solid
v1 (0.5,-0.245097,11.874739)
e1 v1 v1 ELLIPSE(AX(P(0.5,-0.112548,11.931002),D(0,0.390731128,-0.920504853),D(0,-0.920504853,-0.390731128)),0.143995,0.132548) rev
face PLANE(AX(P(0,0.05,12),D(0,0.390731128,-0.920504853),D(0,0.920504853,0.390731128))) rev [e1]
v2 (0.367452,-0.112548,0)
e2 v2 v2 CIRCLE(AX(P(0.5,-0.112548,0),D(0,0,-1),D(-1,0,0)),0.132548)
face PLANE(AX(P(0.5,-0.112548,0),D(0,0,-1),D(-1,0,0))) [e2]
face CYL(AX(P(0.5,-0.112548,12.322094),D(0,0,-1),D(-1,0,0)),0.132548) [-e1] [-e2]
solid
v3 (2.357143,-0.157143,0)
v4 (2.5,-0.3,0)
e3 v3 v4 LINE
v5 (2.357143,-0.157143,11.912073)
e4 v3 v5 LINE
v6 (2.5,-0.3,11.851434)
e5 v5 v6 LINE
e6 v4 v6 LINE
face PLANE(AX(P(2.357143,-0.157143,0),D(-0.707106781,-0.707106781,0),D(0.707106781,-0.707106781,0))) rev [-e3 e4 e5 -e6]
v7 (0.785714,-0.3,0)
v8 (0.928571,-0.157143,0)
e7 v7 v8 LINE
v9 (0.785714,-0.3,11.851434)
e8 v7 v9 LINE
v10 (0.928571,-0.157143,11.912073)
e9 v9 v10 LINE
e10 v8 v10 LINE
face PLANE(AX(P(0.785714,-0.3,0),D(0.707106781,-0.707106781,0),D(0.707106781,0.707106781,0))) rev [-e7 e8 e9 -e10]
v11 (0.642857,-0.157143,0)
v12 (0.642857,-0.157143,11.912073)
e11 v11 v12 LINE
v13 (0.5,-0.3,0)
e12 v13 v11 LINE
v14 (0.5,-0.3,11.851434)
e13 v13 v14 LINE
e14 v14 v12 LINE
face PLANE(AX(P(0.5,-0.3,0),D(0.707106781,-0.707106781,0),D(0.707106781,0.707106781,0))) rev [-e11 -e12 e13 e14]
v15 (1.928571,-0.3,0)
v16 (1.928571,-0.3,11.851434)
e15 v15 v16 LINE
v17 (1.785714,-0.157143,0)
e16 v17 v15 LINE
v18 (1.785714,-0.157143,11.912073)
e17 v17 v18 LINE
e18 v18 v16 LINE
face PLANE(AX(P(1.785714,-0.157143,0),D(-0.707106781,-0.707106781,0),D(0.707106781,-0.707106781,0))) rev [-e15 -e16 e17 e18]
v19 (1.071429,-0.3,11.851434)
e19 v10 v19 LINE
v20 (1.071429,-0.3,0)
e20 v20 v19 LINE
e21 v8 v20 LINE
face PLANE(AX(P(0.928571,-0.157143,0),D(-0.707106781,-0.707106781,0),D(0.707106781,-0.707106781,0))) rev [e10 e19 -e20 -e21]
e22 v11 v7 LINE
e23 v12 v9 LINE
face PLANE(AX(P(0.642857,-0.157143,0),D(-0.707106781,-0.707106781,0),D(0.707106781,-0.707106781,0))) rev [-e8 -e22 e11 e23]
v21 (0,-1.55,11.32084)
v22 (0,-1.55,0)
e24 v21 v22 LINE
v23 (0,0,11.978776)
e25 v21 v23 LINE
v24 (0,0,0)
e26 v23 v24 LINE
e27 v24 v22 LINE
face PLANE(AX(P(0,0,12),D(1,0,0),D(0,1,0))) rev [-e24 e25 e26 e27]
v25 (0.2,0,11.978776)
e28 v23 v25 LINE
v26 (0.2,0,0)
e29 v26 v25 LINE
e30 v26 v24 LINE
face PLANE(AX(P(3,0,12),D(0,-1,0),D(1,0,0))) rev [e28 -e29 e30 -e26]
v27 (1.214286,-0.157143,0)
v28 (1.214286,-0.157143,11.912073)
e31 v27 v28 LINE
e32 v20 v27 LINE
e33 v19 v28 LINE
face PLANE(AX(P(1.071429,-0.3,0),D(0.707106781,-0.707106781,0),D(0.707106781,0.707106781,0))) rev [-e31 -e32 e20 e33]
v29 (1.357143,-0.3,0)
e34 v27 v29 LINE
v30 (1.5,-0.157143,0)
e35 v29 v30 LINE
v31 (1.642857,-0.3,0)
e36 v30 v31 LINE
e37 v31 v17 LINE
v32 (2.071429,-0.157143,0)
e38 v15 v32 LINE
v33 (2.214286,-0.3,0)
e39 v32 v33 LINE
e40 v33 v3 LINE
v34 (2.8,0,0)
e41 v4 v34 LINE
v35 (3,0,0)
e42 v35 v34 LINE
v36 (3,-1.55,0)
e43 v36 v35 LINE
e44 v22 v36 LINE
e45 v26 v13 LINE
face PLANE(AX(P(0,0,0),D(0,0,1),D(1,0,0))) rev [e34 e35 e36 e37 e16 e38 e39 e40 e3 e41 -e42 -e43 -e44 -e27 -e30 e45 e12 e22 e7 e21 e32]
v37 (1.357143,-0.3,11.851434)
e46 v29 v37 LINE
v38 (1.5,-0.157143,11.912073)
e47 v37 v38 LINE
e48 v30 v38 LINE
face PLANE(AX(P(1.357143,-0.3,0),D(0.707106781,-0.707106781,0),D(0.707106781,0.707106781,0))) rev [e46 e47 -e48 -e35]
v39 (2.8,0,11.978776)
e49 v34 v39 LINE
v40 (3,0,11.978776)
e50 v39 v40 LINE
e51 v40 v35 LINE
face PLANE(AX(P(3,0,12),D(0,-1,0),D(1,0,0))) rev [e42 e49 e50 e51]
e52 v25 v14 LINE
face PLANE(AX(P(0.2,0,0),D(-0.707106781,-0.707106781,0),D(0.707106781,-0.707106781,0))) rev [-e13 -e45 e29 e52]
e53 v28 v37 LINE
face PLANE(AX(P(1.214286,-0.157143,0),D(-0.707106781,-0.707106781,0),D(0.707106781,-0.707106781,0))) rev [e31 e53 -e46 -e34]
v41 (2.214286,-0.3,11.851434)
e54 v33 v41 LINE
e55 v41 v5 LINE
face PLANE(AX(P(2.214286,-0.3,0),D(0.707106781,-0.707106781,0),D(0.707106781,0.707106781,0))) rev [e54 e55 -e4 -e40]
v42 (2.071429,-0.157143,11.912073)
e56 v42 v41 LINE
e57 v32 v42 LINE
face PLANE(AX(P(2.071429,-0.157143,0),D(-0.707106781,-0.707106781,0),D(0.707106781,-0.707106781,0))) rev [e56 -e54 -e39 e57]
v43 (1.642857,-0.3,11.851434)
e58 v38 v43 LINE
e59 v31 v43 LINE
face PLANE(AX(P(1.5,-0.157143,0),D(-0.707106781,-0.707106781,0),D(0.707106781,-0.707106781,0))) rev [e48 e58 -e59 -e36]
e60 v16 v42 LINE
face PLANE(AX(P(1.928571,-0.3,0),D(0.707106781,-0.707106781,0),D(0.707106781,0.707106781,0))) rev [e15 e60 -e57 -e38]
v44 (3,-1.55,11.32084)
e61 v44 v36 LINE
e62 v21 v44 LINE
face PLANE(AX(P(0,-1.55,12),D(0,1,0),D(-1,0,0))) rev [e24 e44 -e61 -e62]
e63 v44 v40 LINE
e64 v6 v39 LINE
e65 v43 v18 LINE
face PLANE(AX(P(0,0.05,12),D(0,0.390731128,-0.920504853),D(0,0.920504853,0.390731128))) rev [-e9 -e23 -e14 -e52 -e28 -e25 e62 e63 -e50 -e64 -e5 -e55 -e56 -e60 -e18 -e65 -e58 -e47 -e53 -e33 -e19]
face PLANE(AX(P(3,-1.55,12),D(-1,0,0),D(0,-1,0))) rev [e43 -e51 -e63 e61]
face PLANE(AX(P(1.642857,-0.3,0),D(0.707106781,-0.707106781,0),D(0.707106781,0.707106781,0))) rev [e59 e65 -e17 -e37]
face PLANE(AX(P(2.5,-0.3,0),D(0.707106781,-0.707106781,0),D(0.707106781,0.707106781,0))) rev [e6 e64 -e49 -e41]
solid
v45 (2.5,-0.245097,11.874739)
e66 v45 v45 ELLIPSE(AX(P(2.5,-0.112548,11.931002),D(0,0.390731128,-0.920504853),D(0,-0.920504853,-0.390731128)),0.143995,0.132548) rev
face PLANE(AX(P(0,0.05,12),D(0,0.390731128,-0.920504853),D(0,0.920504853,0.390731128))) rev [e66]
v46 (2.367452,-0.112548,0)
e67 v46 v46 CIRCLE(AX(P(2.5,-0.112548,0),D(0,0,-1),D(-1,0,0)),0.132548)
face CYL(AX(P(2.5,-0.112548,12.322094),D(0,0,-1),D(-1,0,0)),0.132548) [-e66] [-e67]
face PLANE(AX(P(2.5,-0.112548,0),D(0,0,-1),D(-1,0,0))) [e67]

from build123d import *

# Parameters (mm, degrees)
SKETCH1_W           = 3
SKETCH1_H           = 1.55
BOSS_EXTRUDE1_DEPTH = 12
CUT_EXTRUDE1_DEPTH  = 13.466053907
SKETCH4_W           = 3
SKETCH4_H           = 0.03
BOSS_EXTRUDE2_DEPTH = 12
CUT_EXTRUDE2_DEPTH  = 13.466053907
BOSS_EXTRUDE3_REACH = 14.466
SKETCH6_R           = 0.13254834
SKETCH7_W           = 3
SKETCH7_H           = 0.03
CUT_EXTRUDE3_DEPTH  = 13.466053907


with BuildPart() as part:
    # Sketch1 → Boss-Extrude1 (new body)
    with BuildSketch(Plane.XY):
        with Locations((1.5, -0.775)):
            Rectangle(SKETCH1_W, SKETCH1_H)
    extrude(amount=BOSS_EXTRUDE1_DEPTH)

    # Sketch2 → Cut-Extrude1 (cut, through all)
    with BuildSketch(Plane.XY.offset(12)):
        Polygon((0.2, 0), (0.5, -0.3), (0.642857143, -0.157142857), (0.785714286, -0.3), (0.928571429, -0.157142857), (1.071428571, -0.3), (1.214285714, -0.157142857), (1.357142857, -0.3), (1.5, -0.157142857), (1.642857143, -0.3), (1.785714286, -0.157142857), (1.928571429, -0.3), (2.071428571, -0.157142857), (2.214285714, -0.3), (2.357142857, -0.157142857), (2.5, -0.3), (2.8, 0), align=None)
    extrude(amount=-CUT_EXTRUDE1_DEPTH, mode=Mode.SUBTRACT)


with BuildPart() as body_2:
    # Sketch4 → Boss-Extrude2 (new body)
    with BuildSketch(Plane.XY.offset(12)):
        with Locations((1.5, 0.035)):
            Rectangle(SKETCH4_W, SKETCH4_H)
    extrude(amount=-BOSS_EXTRUDE2_DEPTH)


with BuildPart() as cut_extrude2_tool:
    # Sketch5 → Cut-Extrude2 (new, through all)
    with BuildSketch(Plane(origin=(3, 0, 0), x_dir=(0, 0, -1), z_dir=(1, 0, 0))):
        Polygon((-12, 0.05), (-11.320840294, -1.55), (-12, -1.55), align=None)
    extrude(amount=-CUT_EXTRUDE2_DEPTH)


with BuildPart() as part_1:
    add(part.part)

    # Cut-Extrude2: cut by cut_extrude2_tool
    add(cut_extrude2_tool.part, mode=Mode.SUBTRACT)


with BuildPart() as body_2_1:
    add(body_2.part)

    # Cut-Extrude2: cut by cut_extrude2_tool
    add(cut_extrude2_tool.part, mode=Mode.SUBTRACT)

    # Sketch7 → Cut-Extrude3 (cut, through all)
    with BuildSketch(Plane(origin=(0, 0, 0), x_dir=(-1, 0, 0), z_dir=(0, 0, -1))):
        with Locations((-1.5, 0.035)):
            Rectangle(SKETCH7_W, SKETCH7_H)
    extrude(amount=-CUT_EXTRUDE3_DEPTH, mode=Mode.SUBTRACT)


with BuildPart() as body_3:
    # Boss-Extrude3: up to this plane
    boss_extrude3_end = Plane(origin=(0, 0.05, 12), z_dir=(0, 0.39073112848926705, -0.9205048534524433))
    # Sketch6 → Boss-Extrude3 (new, up to the surface)
    with BuildSketch(Plane(origin=(0, 0, 0), x_dir=(-1, 0, 0), z_dir=(0, 0, -1)), mode=Mode.PRIVATE) as boss_extrude3_sk1:
        with Locations((-2.5, -0.11254834)):
            Circle(SKETCH6_R)
    boss_extrude3_tool1 = split(extrude(boss_extrude3_sk1.sketch, amount=-BOSS_EXTRUDE3_REACH, mode=Mode.PRIVATE), bisect_by=boss_extrude3_end, keep=Keep.BOTH, mode=Mode.PRIVATE)
    add(boss_extrude3_tool1.solids().sort_by_distance((2.5, -0.112548, 0))[0])
    # Sketch6 → Boss-Extrude3 (new, up to the surface)
    with BuildSketch(Plane(origin=(0, 0, 0), x_dir=(-1, 0, 0), z_dir=(0, 0, -1)), mode=Mode.PRIVATE) as boss_extrude3_sk2:
        with Locations((-0.5, -0.11254834)):
            Circle(SKETCH6_R)
    boss_extrude3_tool2 = split(extrude(boss_extrude3_sk2.sketch, amount=-BOSS_EXTRUDE3_REACH, mode=Mode.PRIVATE), bisect_by=boss_extrude3_end, keep=Keep.BOTH, mode=Mode.PRIVATE)
    add(boss_extrude3_tool2.solids().sort_by_distance((0.5, -0.112548, 0))[0])


solid = Compound([part_1.part, body_3.part])
